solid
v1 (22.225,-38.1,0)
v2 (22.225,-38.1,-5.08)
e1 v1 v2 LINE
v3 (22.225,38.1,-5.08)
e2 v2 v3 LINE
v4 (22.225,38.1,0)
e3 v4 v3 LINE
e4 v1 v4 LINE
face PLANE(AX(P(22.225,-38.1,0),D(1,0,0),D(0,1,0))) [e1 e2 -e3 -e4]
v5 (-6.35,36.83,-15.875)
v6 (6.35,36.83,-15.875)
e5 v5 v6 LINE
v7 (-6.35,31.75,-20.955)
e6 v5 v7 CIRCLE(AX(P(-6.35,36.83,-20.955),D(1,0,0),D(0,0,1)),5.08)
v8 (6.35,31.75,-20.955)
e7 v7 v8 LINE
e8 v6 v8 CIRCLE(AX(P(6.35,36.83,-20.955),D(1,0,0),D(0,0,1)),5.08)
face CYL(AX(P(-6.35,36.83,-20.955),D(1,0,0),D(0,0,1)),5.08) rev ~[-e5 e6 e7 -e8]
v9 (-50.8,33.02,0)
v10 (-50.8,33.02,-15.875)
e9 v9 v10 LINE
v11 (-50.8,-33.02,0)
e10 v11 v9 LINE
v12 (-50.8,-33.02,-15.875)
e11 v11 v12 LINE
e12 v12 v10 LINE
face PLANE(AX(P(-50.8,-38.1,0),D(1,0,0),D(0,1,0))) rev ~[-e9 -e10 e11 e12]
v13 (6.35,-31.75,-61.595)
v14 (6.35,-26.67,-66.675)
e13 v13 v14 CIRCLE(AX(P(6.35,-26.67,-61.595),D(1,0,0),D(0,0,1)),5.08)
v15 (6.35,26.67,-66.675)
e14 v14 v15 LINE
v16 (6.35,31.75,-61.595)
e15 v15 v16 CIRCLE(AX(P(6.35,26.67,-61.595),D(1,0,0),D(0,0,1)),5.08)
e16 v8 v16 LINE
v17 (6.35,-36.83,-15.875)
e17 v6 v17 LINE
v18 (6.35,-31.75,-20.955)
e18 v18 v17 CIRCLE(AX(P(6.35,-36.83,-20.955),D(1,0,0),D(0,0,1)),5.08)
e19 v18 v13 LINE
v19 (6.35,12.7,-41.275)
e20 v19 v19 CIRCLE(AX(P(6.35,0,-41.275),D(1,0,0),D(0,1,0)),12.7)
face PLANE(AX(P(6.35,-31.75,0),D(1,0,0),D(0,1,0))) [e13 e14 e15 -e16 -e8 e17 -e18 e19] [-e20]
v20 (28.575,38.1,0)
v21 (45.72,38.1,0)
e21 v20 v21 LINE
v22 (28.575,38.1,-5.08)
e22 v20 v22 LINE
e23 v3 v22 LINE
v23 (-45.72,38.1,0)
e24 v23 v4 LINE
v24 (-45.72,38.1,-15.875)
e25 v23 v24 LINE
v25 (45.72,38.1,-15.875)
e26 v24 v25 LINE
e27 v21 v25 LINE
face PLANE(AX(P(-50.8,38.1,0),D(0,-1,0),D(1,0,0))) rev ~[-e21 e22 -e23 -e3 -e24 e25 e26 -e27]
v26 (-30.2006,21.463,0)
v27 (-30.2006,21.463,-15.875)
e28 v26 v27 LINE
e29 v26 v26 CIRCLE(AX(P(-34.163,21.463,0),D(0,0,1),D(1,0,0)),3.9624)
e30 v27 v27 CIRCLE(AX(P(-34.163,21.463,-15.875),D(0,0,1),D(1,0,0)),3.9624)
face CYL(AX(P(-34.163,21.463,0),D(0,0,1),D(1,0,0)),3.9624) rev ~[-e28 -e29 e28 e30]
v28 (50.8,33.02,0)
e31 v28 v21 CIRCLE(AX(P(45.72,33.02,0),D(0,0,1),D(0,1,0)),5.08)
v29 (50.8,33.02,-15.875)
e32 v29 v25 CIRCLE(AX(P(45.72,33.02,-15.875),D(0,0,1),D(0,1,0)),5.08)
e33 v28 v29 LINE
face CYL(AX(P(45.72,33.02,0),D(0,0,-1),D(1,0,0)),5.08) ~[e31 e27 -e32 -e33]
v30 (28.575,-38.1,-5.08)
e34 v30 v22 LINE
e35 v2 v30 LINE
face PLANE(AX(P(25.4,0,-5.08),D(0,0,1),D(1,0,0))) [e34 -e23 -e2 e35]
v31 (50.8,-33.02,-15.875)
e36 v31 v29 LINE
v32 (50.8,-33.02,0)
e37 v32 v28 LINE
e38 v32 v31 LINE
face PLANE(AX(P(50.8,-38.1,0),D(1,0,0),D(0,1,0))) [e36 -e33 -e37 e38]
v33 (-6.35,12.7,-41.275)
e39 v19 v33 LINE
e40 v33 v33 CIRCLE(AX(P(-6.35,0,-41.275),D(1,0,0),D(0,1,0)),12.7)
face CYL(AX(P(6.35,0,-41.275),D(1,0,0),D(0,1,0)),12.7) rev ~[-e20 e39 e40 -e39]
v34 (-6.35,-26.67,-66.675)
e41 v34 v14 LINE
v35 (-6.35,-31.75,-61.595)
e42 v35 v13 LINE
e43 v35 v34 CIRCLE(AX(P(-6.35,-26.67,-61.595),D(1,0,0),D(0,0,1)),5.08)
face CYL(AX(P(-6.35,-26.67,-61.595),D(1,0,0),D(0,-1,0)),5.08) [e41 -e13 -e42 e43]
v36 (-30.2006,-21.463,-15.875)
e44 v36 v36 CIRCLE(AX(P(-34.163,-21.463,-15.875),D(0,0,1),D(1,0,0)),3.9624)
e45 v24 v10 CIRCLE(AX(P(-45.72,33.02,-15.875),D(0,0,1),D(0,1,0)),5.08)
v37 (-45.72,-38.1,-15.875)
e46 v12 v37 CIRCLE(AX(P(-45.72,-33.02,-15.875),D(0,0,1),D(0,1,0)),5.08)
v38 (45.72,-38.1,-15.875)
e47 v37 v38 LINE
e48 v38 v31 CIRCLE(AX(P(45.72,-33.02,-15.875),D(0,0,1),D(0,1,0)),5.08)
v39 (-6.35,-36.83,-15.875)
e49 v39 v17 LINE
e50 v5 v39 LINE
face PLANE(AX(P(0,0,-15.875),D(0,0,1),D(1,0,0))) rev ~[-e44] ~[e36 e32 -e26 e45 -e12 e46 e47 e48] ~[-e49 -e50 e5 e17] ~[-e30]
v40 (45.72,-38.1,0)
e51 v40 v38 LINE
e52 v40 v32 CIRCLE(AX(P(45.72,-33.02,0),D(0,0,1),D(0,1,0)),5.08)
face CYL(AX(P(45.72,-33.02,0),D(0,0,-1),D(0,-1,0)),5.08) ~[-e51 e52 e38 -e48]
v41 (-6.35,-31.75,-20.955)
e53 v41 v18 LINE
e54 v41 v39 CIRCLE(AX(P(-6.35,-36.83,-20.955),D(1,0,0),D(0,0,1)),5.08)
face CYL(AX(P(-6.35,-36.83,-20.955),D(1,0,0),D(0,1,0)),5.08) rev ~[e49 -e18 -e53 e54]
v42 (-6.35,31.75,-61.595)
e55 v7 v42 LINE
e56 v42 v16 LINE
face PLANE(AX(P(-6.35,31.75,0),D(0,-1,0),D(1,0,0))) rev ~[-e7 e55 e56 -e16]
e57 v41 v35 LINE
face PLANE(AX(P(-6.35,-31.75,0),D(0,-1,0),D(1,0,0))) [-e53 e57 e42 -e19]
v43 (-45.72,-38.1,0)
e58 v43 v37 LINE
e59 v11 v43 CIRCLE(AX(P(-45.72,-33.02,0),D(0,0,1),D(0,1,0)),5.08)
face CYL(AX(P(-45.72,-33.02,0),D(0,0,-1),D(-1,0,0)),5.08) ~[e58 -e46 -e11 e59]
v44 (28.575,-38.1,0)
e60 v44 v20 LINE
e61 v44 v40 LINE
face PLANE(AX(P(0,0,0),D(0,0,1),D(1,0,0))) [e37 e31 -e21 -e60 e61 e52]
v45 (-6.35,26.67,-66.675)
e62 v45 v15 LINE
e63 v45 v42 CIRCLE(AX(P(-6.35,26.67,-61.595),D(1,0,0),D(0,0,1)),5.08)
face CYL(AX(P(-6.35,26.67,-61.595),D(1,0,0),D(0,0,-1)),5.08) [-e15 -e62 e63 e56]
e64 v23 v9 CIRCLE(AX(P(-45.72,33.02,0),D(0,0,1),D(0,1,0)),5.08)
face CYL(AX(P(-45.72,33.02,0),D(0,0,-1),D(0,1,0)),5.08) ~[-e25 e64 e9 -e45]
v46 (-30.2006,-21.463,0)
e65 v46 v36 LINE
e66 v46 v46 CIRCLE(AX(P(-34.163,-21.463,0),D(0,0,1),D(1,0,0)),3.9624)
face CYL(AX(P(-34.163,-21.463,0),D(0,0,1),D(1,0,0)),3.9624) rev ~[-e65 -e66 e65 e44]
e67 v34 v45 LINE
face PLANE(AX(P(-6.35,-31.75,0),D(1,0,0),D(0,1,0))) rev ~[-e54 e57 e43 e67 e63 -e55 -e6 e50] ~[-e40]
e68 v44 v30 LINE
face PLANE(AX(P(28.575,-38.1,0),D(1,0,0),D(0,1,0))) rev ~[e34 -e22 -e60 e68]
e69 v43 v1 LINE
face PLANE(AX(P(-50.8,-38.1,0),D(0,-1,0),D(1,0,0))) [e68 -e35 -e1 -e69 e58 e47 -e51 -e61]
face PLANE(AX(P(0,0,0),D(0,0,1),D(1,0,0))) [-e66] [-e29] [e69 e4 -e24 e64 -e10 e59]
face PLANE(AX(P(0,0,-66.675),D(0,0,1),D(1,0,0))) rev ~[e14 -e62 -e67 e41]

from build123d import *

# Parameters (mm, degrees)
F0_W     = 101.6
F0_H     = 76.2
F0_R     = 3.9624
F0_W_2   = 12.7
F0_H_2   = 63.5
F1_DEPTH = 15.875
F2_DEPTH = 66.675
F3_W     = 6.35
F3_H     = 76.2
F4_DEPTH = 5.08
F5_R     = 12.7
F6_DEPTH = 25.4
F7_R     = 5.08


with BuildPart() as f1:
    # F0 (on Top) → F1 (new body)
    with BuildSketch(Plane.XY):
        Rectangle(F0_W, F0_H)
        with Locations((-34.163, -21.463)):
            Circle(F0_R, mode=Mode.SUBTRACT)
        Rectangle(F0_W_2, F0_H_2, mode=Mode.SUBTRACT)
        with Locations((-34.163, 21.463)):
            Circle(F0_R, mode=Mode.SUBTRACT)
    extrude(amount=-F1_DEPTH)

    # F0 (on Top) → F2 (join)
    with BuildSketch(Plane.XY):
        Rectangle(F0_W_2, F0_H_2)
    extrude(amount=-F2_DEPTH)

    # F3 (on face) → F4 (cut)
    with BuildSketch(Plane.XY):
        with Locations((25.4, 0)):
            Rectangle(F3_W, F3_H)
    extrude(amount=-F4_DEPTH, mode=Mode.SUBTRACT)

    # F5 (on face) → F6 (cut)
    with BuildSketch(Plane.YZ.offset(6.35)):
        with Locations((0, -41.275)):
            Circle(F5_R)
    extrude(amount=-F6_DEPTH, mode=Mode.SUBTRACT)

    # F7 (call 1 of 8: OpenCascade refuses the feature's edges together)
    f7_edges = [f1.edges().sort_by_distance(p)[0] for p in [
        (50.8, -38.1, -7.9375),
    ]]
    fillet(f7_edges, radius=F7_R)

    # F7#2 (call 2 of 8)
    f7_2_edges = [f1.edges().sort_by_distance(p)[0] for p in [
        (50.8, 38.1, -7.9375),
    ]]
    fillet(f7_2_edges, radius=F7_R)

    # F7#3 (call 3 of 8)
    f7_3_edges = [f1.edges().sort_by_distance(p)[0] for p in [
        (-50.8, 38.1, -7.9375),
    ]]
    fillet(f7_3_edges, radius=F7_R)

    # F7#4 (call 4 of 8)
    f7_4_edges = [f1.edges().sort_by_distance(p)[0] for p in [
        (-50.8, -38.1, -7.9375),
    ]]
    fillet(f7_4_edges, radius=F7_R)

    # F7#5 (call 5 of 8)
    f7_5_edges = [f1.edges().sort_by_distance(p)[0] for p in [
        (0, -31.75, -66.675),
    ]]
    fillet(f7_5_edges, radius=F7_R)

    # F7#6 (call 6 of 8)
    f7_6_edges = [f1.edges().sort_by_distance(p)[0] for p in [
        (0, 31.75, -66.675),
    ]]
    fillet(f7_6_edges, radius=F7_R)

    # F7#7 (call 7 of 8)
    f7_7_edges = [f1.edges().sort_by_distance(p)[0] for p in [
        (0, -31.75, -15.875),
    ]]
    fillet(f7_7_edges, radius=F7_R)

    # F7#8 (call 8 of 8)
    f7_8_edges = [f1.edges().sort_by_distance(p)[0] for p in [
        (0, 31.75, -15.875),
    ]]
    fillet(f7_8_edges, radius=F7_R)


solid = f1.part
